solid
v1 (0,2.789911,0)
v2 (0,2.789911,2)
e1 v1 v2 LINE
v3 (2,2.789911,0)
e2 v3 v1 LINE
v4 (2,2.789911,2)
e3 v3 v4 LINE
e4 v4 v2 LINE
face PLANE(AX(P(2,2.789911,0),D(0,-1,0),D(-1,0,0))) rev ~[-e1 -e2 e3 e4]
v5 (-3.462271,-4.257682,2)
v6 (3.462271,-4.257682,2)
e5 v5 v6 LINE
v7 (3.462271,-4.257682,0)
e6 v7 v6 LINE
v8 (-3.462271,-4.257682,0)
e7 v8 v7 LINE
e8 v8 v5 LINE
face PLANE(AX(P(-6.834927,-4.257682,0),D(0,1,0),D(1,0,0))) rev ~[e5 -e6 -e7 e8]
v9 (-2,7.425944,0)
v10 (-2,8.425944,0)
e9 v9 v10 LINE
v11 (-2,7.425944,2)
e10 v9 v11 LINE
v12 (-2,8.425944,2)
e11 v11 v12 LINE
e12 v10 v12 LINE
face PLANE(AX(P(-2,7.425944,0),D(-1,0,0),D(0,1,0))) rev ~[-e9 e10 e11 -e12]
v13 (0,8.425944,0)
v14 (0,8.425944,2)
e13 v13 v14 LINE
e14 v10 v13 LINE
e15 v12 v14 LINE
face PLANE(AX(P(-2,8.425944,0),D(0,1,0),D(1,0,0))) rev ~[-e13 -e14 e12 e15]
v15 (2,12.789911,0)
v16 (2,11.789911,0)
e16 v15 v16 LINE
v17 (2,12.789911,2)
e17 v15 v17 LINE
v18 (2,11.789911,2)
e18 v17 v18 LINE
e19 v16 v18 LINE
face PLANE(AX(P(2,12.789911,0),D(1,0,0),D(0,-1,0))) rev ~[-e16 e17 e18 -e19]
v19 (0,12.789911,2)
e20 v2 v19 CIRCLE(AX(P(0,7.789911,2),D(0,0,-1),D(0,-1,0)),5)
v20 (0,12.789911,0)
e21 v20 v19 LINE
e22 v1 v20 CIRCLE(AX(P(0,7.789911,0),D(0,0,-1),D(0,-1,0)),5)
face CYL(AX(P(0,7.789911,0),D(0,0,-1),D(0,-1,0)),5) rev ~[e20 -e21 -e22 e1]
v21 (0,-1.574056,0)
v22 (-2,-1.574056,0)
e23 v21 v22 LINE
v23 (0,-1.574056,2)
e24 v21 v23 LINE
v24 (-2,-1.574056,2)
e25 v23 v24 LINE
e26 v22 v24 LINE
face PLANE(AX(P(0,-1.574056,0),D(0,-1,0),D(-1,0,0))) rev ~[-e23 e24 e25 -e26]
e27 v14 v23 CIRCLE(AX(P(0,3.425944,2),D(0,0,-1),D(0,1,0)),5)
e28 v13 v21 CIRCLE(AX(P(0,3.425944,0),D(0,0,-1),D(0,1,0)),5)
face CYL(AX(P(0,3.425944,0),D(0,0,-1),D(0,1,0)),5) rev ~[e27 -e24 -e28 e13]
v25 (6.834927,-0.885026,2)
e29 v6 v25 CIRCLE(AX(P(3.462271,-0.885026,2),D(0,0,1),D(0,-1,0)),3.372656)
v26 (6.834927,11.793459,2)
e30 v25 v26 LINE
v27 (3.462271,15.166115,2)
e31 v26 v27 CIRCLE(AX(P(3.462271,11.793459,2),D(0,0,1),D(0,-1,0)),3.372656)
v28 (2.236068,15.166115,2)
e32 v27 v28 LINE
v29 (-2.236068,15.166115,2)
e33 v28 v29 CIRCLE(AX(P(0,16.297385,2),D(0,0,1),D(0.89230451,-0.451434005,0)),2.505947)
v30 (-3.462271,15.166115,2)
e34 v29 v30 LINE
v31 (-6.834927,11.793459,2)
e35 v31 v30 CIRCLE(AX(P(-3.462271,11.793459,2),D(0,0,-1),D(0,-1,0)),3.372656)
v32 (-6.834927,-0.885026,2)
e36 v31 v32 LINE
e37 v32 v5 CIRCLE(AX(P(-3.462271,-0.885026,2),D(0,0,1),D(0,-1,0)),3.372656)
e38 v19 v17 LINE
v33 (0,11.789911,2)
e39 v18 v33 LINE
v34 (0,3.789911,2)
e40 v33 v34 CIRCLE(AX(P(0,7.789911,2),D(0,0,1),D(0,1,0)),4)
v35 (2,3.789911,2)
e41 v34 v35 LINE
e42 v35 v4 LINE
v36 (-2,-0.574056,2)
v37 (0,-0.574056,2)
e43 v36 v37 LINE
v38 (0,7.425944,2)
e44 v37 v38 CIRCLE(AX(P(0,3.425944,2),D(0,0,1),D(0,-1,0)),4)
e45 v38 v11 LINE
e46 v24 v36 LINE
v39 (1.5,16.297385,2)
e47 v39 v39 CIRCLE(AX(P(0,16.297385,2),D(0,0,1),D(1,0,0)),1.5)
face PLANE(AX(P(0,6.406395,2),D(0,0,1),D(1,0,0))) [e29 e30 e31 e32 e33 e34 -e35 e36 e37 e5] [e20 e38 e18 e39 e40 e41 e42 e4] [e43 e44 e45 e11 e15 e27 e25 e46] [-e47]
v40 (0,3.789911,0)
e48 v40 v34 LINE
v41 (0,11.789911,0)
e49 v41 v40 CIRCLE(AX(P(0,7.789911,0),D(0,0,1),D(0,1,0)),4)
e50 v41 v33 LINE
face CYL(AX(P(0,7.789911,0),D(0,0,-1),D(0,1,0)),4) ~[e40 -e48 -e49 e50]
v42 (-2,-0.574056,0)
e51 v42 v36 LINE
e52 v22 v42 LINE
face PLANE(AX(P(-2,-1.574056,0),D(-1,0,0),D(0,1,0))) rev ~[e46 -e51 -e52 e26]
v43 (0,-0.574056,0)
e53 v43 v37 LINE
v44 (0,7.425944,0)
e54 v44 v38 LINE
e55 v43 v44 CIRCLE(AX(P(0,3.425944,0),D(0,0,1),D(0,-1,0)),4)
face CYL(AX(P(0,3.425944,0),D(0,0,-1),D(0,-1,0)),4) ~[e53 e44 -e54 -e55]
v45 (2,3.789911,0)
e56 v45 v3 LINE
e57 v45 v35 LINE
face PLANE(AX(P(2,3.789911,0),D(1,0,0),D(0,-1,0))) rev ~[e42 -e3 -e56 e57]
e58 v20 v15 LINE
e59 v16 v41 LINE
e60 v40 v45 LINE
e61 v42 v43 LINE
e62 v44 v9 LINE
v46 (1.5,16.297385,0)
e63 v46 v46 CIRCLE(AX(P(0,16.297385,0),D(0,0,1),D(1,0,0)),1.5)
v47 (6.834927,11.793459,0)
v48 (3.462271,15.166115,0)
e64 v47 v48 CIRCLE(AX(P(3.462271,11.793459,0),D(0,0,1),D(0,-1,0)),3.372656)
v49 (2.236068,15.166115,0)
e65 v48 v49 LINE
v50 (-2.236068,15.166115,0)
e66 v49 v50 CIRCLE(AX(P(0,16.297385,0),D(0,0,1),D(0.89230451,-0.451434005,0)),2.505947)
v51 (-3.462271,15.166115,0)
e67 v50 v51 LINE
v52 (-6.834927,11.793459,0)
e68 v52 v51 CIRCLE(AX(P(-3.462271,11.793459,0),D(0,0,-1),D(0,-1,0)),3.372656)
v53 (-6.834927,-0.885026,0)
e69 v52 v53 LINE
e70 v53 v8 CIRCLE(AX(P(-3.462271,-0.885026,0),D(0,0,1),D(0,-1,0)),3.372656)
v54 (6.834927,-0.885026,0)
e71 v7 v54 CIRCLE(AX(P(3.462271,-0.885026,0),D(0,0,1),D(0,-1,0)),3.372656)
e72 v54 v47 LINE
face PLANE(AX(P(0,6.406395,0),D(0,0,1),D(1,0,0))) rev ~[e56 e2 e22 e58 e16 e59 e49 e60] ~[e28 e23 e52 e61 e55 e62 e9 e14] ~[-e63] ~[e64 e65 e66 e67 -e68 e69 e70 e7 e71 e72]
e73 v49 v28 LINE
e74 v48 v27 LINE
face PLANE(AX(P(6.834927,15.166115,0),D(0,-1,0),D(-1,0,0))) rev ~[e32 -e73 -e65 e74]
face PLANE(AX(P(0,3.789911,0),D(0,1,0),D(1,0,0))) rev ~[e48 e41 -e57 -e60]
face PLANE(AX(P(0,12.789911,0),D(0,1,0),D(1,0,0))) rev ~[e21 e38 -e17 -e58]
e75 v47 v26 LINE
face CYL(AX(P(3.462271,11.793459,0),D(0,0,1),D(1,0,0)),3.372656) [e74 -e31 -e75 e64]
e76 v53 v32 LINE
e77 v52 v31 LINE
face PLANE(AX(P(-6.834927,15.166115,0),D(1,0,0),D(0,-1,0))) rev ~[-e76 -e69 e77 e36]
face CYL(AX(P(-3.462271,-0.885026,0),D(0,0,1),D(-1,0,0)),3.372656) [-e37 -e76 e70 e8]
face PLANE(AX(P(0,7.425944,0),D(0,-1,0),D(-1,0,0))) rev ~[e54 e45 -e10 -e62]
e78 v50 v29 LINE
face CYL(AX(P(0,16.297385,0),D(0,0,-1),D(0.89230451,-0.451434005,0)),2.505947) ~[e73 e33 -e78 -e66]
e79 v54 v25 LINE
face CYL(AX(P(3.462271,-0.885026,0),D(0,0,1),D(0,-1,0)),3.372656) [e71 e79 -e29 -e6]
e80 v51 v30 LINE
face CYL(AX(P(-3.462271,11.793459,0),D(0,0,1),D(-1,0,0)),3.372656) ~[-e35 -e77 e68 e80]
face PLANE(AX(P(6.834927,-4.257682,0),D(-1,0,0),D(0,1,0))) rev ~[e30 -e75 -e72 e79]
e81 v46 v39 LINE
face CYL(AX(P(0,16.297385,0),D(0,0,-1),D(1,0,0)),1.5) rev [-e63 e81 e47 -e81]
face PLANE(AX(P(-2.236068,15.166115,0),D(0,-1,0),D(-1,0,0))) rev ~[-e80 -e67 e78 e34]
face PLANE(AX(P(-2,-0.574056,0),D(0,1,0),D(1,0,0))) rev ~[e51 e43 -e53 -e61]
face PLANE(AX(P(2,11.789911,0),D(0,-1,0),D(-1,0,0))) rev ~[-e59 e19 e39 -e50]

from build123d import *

# Parameters (mm, degrees)
F0_R     = 1.5
F1_DEPTH = 2
F2_R     = 3.372656


with BuildPart() as f1:
    # F0 (on Top) → F1 (new body)
    with BuildSketch(Plane.XY):
        with BuildLine():
            Line((-6.834927, 15.166115), (-6.834927, -4.257682))
            Line((-6.834927, -4.257682), (6.834927, -4.257682))
            Line((6.834927, -4.257682), (6.834927, 15.166115))
            Line((6.834927, 15.166115), (2.236068, 15.166115))
            ThreePointArc((2.236068, 15.166115), (0, 18.803332), (-2.236068, 15.166115))
            Line((-2.236068, 15.166115), (-6.834927, 15.166115))
        make_face()
        with BuildLine():
            ThreePointArc((0, 8.425944), (5, 3.425944), (0, -1.574056))
            Line((0, -1.574056), (-2, -1.574056))
            Line((-2, -1.574056), (-2, -0.574056))
            Line((-2, -0.574056), (0, -0.574056))
            ThreePointArc((0, -0.574056), (4, 3.425944), (0, 7.425944))
            Line((0, 7.425944), (-2, 7.425944))
            Line((-2, 7.425944), (-2, 8.425944))
            Line((-2, 8.425944), (0, 8.425944))
        make_face(mode=Mode.SUBTRACT)
        with BuildLine():
            ThreePointArc((0, 2.789911), (-5, 7.789911), (0, 12.789911))
            Line((0, 12.789911), (2, 12.789911))
            Line((2, 12.789911), (2, 11.789911))
            Line((2, 11.789911), (0, 11.789911))
            ThreePointArc((0, 11.789911), (-4, 7.789911), (0, 3.789911))
            Line((0, 3.789911), (2, 3.789911))
            Line((2, 3.789911), (2, 2.789911))
            Line((2, 2.789911), (0, 2.789911))
        make_face(mode=Mode.SUBTRACT)
        with Locations((0, 16.297385)):
            Circle(F0_R, mode=Mode.SUBTRACT)
    extrude(amount=F1_DEPTH)

    # F2
    f2_edges = [f1.edges().sort_by_distance(p)[0] for p in [
        (6.834927, -4.257682, 1),
        (-6.834927, 15.166115, 1),
        (6.834927, 15.166115, 1),
        (-6.834927, -4.257682, 1),
    ]]
    fillet(f2_edges, radius=F2_R)


solid = f1.part
